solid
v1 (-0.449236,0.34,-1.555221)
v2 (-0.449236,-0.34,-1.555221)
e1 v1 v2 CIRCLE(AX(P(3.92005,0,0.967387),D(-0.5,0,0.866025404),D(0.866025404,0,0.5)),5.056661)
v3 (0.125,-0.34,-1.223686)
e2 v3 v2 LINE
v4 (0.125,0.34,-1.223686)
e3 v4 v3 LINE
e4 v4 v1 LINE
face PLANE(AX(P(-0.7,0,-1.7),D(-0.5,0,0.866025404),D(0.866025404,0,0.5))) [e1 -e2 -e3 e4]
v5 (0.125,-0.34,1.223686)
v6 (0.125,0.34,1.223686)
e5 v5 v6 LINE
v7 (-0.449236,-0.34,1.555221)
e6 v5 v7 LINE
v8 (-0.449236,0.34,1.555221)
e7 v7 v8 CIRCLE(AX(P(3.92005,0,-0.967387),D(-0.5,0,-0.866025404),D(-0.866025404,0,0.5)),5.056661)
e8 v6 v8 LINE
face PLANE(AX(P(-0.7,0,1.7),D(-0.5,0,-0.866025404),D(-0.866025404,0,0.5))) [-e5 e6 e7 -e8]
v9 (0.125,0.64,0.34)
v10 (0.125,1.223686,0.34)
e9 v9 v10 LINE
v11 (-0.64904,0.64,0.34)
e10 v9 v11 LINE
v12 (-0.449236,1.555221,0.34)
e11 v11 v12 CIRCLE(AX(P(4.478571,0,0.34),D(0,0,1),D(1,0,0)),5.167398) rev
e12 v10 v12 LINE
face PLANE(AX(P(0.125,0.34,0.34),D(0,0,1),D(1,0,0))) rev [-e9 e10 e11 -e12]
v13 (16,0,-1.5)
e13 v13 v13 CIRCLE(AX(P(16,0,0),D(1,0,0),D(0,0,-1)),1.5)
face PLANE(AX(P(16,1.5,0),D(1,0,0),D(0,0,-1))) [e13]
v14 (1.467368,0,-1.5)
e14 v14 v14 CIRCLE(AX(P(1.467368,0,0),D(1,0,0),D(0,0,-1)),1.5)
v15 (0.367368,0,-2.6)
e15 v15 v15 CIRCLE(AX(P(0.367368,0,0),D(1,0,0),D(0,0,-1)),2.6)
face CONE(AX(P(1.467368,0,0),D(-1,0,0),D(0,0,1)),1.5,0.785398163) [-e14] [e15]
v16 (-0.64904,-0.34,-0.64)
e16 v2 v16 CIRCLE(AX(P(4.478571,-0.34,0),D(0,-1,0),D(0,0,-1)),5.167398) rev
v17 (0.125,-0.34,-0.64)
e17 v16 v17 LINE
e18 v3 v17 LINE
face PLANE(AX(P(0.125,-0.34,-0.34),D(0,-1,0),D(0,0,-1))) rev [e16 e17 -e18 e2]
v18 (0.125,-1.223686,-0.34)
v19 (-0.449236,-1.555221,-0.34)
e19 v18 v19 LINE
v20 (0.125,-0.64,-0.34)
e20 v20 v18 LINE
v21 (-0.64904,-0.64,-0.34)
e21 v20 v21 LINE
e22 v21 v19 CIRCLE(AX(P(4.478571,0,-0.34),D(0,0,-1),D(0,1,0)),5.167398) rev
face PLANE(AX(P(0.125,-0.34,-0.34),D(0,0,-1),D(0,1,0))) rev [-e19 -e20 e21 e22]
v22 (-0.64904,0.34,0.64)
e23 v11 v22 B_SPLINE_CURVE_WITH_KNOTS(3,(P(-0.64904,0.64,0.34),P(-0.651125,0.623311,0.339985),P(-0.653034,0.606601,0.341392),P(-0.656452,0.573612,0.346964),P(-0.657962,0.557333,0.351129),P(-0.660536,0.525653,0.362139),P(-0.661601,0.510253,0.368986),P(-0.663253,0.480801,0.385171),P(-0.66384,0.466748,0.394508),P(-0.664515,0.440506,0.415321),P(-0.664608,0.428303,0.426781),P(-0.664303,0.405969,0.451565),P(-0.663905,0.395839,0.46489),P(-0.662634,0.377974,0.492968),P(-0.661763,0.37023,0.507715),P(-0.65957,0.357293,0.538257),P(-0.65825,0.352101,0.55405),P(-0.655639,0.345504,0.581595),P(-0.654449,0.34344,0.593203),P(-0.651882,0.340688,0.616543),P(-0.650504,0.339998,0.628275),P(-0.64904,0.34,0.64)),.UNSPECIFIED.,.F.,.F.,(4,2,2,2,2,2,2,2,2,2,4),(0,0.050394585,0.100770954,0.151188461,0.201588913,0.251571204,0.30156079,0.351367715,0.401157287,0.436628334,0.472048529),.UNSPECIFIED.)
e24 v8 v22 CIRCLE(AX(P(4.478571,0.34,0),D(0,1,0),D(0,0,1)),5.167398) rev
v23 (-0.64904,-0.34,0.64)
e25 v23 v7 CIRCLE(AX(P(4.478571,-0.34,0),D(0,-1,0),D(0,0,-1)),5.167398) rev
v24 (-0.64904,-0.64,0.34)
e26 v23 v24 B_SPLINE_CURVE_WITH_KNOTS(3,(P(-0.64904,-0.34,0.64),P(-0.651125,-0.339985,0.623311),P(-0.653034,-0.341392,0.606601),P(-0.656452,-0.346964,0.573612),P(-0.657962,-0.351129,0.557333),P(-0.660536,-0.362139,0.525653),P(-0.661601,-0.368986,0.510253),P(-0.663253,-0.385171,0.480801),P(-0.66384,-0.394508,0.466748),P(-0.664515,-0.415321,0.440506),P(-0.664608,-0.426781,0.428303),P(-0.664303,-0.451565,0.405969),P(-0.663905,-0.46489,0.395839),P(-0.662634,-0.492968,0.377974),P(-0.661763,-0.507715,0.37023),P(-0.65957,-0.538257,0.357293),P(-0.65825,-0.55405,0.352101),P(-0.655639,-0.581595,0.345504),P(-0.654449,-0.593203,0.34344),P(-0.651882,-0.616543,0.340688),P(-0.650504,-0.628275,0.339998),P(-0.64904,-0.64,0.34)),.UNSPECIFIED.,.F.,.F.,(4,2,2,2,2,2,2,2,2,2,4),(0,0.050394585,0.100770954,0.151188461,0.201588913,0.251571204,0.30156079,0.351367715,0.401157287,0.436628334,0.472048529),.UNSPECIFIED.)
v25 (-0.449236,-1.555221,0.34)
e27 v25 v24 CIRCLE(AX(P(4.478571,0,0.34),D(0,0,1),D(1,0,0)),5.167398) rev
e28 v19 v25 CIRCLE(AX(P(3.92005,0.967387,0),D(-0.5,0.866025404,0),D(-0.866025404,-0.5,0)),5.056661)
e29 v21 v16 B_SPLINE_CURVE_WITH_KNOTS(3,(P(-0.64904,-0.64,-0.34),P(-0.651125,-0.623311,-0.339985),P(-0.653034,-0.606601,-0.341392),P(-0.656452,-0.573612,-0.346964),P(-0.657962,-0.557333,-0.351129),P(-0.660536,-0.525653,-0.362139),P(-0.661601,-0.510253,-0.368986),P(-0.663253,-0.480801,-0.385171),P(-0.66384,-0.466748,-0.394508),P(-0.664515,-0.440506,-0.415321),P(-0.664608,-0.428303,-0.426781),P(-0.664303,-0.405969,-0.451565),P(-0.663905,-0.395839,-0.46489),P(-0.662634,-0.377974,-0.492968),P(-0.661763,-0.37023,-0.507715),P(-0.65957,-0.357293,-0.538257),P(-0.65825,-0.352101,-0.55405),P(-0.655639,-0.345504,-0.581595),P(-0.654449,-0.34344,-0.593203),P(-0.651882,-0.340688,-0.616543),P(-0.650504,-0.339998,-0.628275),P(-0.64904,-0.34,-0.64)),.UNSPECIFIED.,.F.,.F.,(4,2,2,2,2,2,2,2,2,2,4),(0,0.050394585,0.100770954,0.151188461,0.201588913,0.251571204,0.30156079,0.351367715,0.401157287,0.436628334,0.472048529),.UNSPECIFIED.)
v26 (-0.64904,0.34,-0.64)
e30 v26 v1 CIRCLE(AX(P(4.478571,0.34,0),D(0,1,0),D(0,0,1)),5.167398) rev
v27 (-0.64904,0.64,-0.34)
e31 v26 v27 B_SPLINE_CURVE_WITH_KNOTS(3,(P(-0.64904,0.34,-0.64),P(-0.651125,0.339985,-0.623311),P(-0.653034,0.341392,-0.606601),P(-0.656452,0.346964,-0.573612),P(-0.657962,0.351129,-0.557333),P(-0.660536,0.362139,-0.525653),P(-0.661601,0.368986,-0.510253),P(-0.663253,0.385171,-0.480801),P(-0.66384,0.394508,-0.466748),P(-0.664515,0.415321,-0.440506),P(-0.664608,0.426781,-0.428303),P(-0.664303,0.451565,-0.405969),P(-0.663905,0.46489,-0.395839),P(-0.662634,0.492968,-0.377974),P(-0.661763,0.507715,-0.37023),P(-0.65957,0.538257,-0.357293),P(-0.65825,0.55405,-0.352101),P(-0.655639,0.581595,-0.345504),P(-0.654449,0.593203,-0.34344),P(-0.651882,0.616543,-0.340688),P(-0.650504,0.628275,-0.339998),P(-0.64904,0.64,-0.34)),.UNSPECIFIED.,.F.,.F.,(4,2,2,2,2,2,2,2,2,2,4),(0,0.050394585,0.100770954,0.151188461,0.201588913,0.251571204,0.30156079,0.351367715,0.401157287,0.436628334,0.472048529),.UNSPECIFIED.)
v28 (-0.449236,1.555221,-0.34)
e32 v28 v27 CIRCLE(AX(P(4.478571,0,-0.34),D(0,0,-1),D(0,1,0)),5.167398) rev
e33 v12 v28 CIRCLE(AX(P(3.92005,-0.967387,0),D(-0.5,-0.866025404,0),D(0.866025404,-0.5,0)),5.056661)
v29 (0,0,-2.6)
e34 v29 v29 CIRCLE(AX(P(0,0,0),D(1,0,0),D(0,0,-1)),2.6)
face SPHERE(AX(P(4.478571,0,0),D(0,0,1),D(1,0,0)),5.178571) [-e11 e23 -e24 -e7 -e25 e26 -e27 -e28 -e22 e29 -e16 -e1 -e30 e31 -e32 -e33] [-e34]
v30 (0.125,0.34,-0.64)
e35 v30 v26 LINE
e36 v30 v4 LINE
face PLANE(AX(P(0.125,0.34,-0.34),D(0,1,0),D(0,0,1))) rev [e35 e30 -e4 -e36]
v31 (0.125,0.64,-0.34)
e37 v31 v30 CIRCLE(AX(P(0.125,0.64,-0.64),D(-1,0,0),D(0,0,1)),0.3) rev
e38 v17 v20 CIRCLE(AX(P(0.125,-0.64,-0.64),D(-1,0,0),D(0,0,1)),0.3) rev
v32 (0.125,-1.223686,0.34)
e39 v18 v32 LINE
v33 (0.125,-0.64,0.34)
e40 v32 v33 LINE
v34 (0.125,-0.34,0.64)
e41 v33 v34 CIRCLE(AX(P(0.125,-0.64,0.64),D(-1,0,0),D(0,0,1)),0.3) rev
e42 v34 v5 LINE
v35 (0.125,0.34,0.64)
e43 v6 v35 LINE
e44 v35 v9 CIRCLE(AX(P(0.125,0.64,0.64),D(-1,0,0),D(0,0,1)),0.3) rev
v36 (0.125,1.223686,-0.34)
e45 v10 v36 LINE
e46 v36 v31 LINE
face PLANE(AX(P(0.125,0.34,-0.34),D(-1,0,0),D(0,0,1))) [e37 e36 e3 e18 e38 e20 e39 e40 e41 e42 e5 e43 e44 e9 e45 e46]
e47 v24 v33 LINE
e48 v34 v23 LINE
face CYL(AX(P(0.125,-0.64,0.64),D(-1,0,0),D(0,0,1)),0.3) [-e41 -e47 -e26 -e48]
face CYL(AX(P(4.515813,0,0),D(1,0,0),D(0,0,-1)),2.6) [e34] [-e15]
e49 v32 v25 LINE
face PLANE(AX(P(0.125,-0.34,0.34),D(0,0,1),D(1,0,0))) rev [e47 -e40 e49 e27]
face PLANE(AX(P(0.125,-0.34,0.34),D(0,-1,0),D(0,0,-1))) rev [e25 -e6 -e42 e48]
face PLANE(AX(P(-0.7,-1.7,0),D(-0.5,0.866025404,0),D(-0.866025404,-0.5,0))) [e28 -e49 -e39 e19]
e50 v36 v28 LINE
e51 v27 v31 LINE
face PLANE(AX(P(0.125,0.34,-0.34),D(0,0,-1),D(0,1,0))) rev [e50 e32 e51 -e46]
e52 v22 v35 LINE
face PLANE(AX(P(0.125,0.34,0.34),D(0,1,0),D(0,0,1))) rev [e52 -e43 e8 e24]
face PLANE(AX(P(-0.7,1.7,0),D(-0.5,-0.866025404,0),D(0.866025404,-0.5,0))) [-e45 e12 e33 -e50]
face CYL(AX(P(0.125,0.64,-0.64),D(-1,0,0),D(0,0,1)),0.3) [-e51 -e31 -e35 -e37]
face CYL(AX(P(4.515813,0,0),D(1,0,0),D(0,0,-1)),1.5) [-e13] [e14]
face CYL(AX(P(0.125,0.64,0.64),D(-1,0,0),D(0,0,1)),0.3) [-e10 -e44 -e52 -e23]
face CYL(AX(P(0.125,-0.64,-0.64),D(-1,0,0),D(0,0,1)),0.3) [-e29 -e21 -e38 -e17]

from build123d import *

# Parameters (mm, degrees)
BASETOP_FACE_RADIUS = 2.6
BASETOP_HEIGHT      = 0.7
CROSSRECESS_DEPTH   = 0.825
DRAFT9_ANGLE        = -30
FILLET5_R           = 0.3


with BuildPart() as part:
    # Sketch1 → Base (revolve)
    with BuildSketch(Plane.XY):
        Polygon((16, 1.5), (2.737867966, 1.5), (1.467367966, 1.5), (0.367367966, 2.6), (0, 2.6), (0, 0), (16, 0), align=None)
    revolve(axis=Axis((4.515812911, 0, 0), (-1, 0, 0)))

    # BaseTop: a dome of height H over a round flat face of radius A is a cap of a sphere of radius (A * A + H * H) / (2 * H)
    basetop_r = (BASETOP_FACE_RADIUS * BASETOP_FACE_RADIUS + BASETOP_HEIGHT * BASETOP_HEIGHT) / (2 * BASETOP_HEIGHT)
    basetop_base = Plane((0, 0, 0), z_dir=(-1, 0, 0))
    with Locations(basetop_base.offset(BASETOP_HEIGHT - basetop_r)):
        basetop_ball = Sphere(basetop_r, mode=Mode.PRIVATE)
    add(split(basetop_ball, bisect_by=basetop_base, keep=Keep.TOP, mode=Mode.PRIVATE))

    # Sketch6 → CrossRecess (cut)
    with BuildSketch(Plane.ZY.offset(0.7)):
        Polygon((0.34, 0.34), (0.34, 1.7), (-0.34, 1.7), (-0.34, 0.34), (-1.7, 0.34), (-1.7, -0.34), (-0.34, -0.34), (-0.34, -1.7), (0.34, -1.7), (0.34, -0.34), (1.7, -0.34), (1.7, 0.34), align=None)
    extrude(amount=-CROSSRECESS_DEPTH, mode=Mode.SUBTRACT)

    # Draft9
    draft9_faces = [part.faces().sort_by_distance(p)[0] for p in [
        (-0.14204754, 0, -1.7),
        (-0.14204754, -1.7, 0),
        (-0.14204754, 0, 1.7),
        (-0.14204754, 1.7, 0),
    ]]
    draft(draft9_faces, Plane(origin=(-0.7, 0, 0), x_dir=(0, 0, 1), z_dir=(1, 0, 0)), DRAFT9_ANGLE)

    # Fillet5
    fillet5_edges = [part.edges().sort_by_distance(p)[0] for p in [
        (-0.27631446, 0.34, -0.34),
        (-0.27631446, 0.34, 0.34),
        (-0.27631446, -0.34, 0.34),
        (-0.27631446, -0.34, -0.34),
    ]]
    fillet(fillet5_edges, radius=FILLET5_R)


solid = part.part
